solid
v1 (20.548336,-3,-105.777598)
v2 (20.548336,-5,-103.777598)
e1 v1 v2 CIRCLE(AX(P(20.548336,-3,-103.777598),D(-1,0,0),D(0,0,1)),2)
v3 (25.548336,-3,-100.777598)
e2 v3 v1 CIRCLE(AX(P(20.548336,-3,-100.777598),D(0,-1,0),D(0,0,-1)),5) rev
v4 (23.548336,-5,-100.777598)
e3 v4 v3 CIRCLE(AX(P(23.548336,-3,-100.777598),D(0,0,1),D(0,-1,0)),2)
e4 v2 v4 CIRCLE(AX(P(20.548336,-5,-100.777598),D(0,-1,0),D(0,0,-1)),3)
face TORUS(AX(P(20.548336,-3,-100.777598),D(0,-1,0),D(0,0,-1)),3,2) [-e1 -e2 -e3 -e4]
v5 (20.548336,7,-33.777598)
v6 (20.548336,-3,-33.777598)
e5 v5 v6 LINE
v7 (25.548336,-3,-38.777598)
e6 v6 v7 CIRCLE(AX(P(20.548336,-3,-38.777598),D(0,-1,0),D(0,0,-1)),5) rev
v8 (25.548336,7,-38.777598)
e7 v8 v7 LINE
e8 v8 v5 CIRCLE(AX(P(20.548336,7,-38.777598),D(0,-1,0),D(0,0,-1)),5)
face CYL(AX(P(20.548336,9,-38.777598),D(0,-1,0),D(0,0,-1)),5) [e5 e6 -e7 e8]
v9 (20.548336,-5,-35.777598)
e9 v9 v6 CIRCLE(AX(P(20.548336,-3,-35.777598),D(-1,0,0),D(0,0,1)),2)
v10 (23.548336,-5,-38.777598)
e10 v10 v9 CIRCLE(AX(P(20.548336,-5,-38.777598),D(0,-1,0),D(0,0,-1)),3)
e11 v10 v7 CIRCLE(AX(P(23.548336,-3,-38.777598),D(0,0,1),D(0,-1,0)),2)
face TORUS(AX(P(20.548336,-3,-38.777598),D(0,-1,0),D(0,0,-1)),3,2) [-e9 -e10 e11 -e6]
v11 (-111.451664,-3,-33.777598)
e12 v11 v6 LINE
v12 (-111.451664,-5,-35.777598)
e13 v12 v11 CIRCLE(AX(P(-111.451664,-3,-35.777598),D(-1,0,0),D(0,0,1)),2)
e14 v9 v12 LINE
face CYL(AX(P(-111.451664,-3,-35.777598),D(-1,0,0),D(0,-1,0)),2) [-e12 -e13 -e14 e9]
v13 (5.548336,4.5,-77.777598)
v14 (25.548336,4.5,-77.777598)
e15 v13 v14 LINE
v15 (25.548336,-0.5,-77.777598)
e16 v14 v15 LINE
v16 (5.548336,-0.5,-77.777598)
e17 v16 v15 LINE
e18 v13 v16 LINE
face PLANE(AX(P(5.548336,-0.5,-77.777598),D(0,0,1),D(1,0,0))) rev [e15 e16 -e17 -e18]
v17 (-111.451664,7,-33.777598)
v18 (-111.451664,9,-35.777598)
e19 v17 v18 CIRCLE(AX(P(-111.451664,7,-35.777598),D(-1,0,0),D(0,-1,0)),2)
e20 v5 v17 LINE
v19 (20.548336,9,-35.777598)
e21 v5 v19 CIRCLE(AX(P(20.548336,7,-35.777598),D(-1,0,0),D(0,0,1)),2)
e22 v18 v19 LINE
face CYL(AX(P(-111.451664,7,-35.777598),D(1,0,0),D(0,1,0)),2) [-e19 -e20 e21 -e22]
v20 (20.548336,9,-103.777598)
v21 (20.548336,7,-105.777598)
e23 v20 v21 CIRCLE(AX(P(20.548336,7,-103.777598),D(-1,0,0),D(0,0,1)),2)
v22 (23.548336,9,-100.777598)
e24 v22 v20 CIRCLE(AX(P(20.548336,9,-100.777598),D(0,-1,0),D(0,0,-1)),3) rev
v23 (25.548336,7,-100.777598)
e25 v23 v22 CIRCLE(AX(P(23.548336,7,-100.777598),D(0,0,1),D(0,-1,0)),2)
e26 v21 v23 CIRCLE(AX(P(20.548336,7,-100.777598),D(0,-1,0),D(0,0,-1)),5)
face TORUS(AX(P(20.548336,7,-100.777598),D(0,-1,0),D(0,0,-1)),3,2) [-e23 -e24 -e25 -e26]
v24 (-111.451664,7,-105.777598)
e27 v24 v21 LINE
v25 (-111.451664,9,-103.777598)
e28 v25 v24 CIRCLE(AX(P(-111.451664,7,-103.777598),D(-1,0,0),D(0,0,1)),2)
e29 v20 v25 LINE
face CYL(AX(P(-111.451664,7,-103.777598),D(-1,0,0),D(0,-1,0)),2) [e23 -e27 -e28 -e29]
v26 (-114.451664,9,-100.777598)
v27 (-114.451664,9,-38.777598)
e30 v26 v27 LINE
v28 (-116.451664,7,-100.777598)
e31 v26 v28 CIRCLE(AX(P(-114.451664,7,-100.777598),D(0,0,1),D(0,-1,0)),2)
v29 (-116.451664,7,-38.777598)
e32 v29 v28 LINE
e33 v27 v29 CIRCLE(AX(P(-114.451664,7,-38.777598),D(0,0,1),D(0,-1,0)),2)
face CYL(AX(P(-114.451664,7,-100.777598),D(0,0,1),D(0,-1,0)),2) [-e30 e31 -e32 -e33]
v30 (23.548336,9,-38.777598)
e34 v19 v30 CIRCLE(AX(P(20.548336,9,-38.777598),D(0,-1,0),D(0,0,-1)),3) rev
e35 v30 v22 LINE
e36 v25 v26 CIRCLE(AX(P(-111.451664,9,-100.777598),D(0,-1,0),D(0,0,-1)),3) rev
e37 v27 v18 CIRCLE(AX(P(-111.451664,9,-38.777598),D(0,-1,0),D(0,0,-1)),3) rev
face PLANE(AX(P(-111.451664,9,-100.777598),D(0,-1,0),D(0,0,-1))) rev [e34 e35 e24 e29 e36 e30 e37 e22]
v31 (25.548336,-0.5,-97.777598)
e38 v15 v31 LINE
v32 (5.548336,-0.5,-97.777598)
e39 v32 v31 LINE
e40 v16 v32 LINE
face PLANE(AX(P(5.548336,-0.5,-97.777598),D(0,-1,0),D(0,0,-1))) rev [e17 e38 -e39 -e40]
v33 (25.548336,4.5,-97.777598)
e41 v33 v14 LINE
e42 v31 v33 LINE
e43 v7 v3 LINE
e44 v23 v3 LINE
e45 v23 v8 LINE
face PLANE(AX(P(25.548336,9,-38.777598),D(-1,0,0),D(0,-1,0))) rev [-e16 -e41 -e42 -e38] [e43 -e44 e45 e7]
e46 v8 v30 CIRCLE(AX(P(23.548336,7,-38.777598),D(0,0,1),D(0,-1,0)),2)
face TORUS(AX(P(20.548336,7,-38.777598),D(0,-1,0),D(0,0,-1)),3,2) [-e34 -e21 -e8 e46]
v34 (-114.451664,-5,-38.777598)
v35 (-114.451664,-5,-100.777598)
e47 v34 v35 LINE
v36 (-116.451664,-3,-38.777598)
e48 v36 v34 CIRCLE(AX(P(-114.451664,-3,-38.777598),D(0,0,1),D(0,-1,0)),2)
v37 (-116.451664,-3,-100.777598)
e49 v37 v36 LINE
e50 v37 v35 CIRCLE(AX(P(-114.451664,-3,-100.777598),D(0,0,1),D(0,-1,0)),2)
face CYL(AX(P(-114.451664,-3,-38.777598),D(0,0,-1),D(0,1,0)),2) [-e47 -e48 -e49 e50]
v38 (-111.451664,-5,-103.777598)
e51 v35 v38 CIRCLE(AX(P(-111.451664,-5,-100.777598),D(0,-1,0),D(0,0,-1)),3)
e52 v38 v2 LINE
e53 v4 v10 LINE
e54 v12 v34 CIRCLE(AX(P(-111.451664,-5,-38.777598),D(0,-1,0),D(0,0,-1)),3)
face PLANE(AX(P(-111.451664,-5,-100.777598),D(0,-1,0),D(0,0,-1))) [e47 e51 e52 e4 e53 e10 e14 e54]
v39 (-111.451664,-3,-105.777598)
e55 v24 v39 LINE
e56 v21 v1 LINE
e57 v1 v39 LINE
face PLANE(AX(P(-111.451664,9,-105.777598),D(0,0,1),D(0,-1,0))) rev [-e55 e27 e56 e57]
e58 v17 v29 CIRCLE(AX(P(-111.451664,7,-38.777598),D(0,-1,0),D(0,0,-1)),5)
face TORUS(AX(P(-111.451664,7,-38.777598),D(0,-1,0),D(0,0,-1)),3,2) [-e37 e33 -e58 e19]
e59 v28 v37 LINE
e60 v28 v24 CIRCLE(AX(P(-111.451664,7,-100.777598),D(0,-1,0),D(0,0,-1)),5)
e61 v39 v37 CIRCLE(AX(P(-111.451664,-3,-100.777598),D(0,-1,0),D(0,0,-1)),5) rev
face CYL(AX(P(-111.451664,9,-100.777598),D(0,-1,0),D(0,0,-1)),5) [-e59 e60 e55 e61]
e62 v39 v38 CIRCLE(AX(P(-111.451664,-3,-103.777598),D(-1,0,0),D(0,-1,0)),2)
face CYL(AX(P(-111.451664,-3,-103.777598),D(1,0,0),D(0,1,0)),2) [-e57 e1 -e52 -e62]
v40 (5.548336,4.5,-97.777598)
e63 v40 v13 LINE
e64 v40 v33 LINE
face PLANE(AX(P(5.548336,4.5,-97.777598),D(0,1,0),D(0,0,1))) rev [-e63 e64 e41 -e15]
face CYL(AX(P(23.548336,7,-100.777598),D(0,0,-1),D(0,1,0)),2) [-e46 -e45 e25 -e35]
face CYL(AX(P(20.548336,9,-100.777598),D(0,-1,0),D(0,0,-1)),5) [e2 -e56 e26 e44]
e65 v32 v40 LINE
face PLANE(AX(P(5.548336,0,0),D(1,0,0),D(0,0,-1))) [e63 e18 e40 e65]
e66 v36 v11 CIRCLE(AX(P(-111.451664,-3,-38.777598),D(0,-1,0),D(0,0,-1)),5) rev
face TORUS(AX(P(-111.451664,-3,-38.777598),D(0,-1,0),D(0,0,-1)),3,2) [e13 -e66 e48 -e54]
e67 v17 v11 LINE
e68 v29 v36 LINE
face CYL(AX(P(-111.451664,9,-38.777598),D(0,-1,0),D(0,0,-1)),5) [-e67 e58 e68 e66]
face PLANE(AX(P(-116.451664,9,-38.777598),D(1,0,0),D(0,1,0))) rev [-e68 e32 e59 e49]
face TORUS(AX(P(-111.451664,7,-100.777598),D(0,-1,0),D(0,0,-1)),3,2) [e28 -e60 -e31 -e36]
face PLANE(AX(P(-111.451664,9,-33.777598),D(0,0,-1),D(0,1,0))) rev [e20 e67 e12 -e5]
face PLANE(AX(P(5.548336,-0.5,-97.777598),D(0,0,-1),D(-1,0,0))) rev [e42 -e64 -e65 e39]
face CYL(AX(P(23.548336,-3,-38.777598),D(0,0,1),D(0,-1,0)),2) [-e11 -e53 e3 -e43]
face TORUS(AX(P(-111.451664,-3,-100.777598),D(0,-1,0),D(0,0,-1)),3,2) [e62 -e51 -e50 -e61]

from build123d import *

# Parameters (mm, degrees)
BOSS_EXTRUDE1_DEPTH = 14
FILLET1_R           = 2
SKETCH2_W           = 20
SKETCH2_H           = 5
CUT_EXTRUDE1_DEPTH  = 20


with BuildPart() as part:
    # Sketch1 → Boss-Extrude1 (new body)
    with BuildSketch(Plane(origin=(0, -5, 0), x_dir=(1, 0, 0), z_dir=(0, 1, 0))):
        with BuildLine():
            Line((-111.451663584, 33.777598009), (20.548336416, 33.777598009))
            ThreePointArc((20.548336416, 33.777598009), (24.083870322, 35.242064103), (25.548336416, 38.777598009))
            Line((25.548336416, 38.777598009), (25.548336416, 100.777598009))
            ThreePointArc((25.548336416, 100.777598009), (24.083870322, 104.313131915), (20.548336416, 105.777598009))
            Line((20.548336416, 105.777598009), (-111.451663584, 105.777598009))
            ThreePointArc((-111.451663584, 105.777598009), (-114.98719749, 104.313131915), (-116.451663584, 100.777598009))
            Line((-116.451663584, 100.777598009), (-116.451663584, 38.777598009))
            ThreePointArc((-116.451663584, 38.777598009), (-114.98719749, 35.242064103), (-111.451663584, 33.777598009))
        make_face()
    extrude(amount=BOSS_EXTRUDE1_DEPTH)

    # Fillet1
    fillet1_edges = [part.edges().sort_by_distance(p)[0] for p in [
        (-114.98719749, 9, -35.242064103),
        (-116.451663584, -5, -69.777598009),
        (-114.98719749, -5, -104.313131915),
        (-45.451663584, 9, -33.777598009),
        (24.083870322, 9, -35.242064103),
        (25.548336416, 9, -69.777598009),
        (24.083870322, 9, -104.313131915),
        (-45.451663584, 9, -105.777598009),
        (-114.98719749, 9, -104.313131915),
        (-116.451663584, 9, -69.777598009),
        (-45.451663584, -5, -105.777598009),
        (24.083870322, -5, -104.313131915),
        (25.548336416, -5, -69.777598009),
        (24.083870322, -5, -35.242064103),
        (-45.451663584, -5, -33.777598009),
        (-114.98719749, -5, -35.242064103),
    ]]
    fillet(fillet1_edges, radius=FILLET1_R)

    # Sketch2 → Cut-Extrude1 (cut)
    with BuildSketch(Plane(origin=(25.548336416, 0, 0), x_dir=(0, 0, -1), z_dir=(1, 0, 0))):
        with Locations((87.777598009, 2)):
            Rectangle(SKETCH2_W, SKETCH2_H)
    extrude(amount=-CUT_EXTRUDE1_DEPTH, mode=Mode.SUBTRACT)


solid = part.part
